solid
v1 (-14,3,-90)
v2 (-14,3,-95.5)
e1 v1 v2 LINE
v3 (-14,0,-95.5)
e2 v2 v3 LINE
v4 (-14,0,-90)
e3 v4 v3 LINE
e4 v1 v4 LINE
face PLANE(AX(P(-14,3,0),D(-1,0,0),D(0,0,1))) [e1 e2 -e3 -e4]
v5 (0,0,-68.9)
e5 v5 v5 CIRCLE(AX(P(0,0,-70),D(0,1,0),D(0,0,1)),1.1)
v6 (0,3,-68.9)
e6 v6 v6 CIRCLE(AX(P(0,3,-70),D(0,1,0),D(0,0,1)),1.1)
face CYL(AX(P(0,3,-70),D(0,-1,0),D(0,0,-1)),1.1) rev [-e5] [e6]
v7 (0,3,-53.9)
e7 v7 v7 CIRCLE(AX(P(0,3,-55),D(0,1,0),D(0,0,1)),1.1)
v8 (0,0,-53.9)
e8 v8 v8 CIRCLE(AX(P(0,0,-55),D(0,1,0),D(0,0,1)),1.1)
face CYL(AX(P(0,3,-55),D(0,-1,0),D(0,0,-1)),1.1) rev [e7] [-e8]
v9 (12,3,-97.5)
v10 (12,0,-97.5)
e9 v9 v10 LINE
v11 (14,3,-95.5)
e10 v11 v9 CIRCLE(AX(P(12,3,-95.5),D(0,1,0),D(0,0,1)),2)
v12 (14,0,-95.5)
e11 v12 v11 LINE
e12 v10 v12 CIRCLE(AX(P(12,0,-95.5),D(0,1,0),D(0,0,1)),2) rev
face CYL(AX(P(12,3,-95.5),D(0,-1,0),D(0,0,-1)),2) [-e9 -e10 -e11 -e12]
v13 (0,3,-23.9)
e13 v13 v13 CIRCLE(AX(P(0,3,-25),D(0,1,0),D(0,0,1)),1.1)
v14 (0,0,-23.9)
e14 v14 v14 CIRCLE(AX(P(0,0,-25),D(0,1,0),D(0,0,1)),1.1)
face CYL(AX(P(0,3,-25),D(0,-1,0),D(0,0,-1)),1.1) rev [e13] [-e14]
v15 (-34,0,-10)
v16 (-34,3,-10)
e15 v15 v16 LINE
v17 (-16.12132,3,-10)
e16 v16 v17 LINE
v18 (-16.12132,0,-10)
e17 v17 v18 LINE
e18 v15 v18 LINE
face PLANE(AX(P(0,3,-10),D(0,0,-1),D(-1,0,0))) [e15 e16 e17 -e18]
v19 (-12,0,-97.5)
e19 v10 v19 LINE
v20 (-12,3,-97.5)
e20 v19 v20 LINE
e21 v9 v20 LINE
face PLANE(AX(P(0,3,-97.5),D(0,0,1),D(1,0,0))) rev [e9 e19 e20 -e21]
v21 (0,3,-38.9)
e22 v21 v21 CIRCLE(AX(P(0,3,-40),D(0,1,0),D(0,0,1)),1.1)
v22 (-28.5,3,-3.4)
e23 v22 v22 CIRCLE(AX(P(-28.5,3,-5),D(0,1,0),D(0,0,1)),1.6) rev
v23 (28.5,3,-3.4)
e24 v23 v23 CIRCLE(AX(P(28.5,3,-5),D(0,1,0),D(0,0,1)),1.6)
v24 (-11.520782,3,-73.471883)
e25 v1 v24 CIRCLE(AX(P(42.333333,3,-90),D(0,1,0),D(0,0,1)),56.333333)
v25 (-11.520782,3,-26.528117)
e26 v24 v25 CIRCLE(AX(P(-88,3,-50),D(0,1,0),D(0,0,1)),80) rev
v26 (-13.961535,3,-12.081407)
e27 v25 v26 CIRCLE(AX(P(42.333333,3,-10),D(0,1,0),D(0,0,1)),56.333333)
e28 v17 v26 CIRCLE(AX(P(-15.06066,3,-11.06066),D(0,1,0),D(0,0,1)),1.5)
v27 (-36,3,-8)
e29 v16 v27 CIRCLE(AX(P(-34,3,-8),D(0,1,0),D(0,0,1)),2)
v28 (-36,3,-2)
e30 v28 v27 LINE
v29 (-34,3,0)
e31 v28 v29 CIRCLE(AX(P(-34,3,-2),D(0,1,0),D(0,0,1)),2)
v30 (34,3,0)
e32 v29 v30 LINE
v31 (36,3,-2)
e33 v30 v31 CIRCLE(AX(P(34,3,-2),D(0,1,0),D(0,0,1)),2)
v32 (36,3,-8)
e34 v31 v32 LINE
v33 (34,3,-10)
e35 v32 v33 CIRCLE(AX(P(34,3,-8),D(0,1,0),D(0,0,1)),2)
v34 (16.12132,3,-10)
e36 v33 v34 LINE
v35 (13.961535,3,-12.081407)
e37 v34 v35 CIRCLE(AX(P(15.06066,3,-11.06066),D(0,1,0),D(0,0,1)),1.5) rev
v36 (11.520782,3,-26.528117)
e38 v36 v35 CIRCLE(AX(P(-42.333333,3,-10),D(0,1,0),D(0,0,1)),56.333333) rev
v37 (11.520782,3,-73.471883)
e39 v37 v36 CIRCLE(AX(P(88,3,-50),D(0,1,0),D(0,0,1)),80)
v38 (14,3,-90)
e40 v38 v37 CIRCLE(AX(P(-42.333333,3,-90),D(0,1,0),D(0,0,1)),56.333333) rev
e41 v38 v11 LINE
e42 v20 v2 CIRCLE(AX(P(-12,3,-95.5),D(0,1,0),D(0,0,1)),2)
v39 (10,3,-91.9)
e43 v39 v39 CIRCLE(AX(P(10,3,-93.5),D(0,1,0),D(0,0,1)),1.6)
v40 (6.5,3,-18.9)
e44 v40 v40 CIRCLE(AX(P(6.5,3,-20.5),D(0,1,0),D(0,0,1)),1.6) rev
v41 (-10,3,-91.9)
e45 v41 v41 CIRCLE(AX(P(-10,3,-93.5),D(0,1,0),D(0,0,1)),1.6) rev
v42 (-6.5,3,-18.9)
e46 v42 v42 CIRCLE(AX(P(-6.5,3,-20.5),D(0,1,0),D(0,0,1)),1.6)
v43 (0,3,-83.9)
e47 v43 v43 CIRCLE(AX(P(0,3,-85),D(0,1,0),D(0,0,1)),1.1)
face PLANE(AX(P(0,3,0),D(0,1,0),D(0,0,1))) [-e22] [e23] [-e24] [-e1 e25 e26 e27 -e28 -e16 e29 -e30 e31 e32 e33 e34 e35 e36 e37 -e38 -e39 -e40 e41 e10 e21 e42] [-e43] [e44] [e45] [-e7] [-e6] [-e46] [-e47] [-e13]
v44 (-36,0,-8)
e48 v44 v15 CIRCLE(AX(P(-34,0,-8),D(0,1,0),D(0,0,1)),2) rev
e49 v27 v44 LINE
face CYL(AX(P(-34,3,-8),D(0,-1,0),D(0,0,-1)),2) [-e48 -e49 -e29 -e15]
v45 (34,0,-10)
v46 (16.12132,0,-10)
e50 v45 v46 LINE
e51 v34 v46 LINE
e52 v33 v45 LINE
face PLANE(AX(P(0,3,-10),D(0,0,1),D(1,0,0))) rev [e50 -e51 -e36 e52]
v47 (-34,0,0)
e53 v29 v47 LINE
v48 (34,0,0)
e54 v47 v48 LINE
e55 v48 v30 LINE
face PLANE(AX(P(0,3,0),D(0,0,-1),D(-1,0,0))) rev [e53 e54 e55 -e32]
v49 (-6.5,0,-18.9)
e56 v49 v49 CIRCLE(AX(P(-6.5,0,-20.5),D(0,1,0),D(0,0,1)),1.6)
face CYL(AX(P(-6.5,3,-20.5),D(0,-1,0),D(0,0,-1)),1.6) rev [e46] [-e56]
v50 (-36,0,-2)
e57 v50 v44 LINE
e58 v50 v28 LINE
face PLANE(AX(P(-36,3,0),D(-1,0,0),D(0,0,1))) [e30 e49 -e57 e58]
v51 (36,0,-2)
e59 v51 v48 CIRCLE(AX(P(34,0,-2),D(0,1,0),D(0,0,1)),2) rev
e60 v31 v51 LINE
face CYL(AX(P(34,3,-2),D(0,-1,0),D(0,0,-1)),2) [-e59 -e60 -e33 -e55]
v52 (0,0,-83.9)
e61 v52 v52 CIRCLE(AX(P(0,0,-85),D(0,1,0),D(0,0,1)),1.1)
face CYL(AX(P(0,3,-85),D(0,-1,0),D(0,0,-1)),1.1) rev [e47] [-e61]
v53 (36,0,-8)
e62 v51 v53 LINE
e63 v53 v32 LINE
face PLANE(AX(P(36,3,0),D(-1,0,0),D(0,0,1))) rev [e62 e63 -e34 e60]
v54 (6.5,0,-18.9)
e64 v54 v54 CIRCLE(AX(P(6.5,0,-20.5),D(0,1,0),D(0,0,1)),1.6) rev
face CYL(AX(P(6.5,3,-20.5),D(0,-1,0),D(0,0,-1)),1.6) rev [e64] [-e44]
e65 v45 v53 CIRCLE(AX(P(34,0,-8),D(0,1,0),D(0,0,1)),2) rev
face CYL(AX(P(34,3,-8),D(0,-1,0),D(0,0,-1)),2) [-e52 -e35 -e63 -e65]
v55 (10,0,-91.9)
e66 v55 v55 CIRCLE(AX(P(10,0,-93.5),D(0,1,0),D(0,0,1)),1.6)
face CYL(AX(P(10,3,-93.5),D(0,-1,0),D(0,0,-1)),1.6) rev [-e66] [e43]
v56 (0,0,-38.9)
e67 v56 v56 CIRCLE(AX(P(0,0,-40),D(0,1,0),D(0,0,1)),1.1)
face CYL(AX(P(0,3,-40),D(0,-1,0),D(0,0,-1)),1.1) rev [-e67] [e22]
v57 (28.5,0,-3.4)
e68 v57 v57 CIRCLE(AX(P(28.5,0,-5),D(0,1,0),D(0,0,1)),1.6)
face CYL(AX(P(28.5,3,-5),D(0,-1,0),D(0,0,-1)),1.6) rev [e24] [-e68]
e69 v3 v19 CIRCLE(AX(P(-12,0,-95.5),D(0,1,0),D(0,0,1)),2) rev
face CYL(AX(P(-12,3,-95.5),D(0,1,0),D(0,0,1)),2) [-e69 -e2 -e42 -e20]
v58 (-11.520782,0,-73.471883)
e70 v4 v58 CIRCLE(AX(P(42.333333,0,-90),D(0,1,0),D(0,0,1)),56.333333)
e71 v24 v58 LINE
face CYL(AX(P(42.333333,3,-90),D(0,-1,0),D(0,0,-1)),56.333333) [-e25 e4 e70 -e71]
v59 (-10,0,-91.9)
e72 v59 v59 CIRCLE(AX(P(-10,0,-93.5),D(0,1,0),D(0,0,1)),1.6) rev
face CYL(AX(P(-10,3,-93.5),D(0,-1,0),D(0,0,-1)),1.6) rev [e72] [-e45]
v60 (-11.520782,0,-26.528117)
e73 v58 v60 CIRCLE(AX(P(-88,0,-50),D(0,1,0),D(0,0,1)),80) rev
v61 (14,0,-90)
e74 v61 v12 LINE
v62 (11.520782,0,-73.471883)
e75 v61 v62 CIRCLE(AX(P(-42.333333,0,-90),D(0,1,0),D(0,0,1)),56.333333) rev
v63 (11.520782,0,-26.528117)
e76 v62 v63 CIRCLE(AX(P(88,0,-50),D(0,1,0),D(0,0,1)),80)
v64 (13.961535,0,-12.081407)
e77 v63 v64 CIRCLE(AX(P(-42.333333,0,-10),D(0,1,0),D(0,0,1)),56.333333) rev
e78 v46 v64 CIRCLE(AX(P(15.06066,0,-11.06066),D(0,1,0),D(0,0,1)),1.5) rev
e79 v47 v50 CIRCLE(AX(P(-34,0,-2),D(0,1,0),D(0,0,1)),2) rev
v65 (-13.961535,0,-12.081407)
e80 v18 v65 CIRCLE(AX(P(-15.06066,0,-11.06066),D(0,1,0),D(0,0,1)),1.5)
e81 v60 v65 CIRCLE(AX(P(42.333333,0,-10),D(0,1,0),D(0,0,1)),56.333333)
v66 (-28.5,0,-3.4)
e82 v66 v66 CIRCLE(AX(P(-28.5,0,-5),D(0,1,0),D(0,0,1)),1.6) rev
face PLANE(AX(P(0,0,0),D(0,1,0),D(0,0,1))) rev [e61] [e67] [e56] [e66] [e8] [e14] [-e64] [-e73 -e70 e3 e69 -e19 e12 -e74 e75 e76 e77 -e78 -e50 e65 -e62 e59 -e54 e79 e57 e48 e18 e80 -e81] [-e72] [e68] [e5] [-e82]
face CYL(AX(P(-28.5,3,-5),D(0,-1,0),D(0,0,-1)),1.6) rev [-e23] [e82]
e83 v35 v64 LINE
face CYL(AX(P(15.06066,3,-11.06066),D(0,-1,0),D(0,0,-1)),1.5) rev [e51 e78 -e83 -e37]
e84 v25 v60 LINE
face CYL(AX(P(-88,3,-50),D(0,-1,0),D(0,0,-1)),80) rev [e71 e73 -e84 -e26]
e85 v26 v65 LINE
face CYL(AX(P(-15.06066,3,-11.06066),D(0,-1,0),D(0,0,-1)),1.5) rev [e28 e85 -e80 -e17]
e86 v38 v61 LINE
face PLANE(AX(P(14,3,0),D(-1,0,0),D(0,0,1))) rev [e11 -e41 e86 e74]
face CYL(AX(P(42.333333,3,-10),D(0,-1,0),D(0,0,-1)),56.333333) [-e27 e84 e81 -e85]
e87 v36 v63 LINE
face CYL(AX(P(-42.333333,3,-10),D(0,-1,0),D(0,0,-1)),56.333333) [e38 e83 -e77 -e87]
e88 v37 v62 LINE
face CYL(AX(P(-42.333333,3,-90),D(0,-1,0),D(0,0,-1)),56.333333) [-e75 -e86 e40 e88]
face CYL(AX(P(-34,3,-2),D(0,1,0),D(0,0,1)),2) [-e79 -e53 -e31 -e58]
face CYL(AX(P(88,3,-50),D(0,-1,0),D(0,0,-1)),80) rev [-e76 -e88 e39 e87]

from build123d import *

# Parameters (mm, degrees)
SKETCH_1_R      = 1.6
SKETCH_1_R_2    = 1.1
EXTRUDE_1_DEPTH = 3
FILLET_1_R      = 2


with BuildPart() as part:
    # 草图1 → 凸台-拉伸1 (new body)
    with BuildSketch(Plane(origin=(0, 0, 0), x_dir=(1, 0, 0), z_dir=(0, 1, 0))):
        with BuildLine():
            Line((-36, 10), (-36, 0))
            Line((-36, 0), (36, 0))
            Line((36, 0), (36, 10))
            Line((36, 10), (16.121320344, 10))
            ThreePointArc((16.121320344, 10), (15.060660172, 9.560660172), (14, 10))
            ThreePointArc((14, 10), (13.560916248, 11.032944403), (13.961534907, 12.081406787))
            ThreePointArc((13.961534907, 12.081406787), (13.212832412, 19.384450727), (11.520782396, 26.528117359))
            ThreePointArc((11.520782396, 26.528117359), (8, 50), (11.520782396, 73.471882641))
            ThreePointArc((11.520782396, 73.471882641), (13.376747878, 81.643487818), (14, 90))
            Line((14, 90), (14, 97.5))
            Line((14, 97.5), (-14, 97.5))
            Line((-14, 97.5), (-14, 90))
            ThreePointArc((-14, 90), (-13.376747878, 81.643487818), (-11.520782396, 73.471882641))
            ThreePointArc((-11.520782396, 73.471882641), (-8, 50), (-11.520782396, 26.528117359))
            ThreePointArc((-11.520782396, 26.528117359), (-13.212832412, 19.384450727), (-13.961534907, 12.081406787))
            ThreePointArc((-13.961534907, 12.081406787), (-13.664471091, 11.608981293), (-13.560660172, 11.060660172))
            ThreePointArc((-13.560660172, 11.060660172), (-13.674840873, 10.486635023), (-14, 10))
            ThreePointArc((-14, 10), (-15.060660172, 9.560660172), (-16.121320344, 10))
            Line((-16.121320344, 10), (-36, 10))
        make_face()
        with Locations(Location((-28.5, 5, 0), (0, 0, 270))):
            Circle(SKETCH_1_R, mode=Mode.SUBTRACT)
        with Locations(Location((-6.5, 20.5, 0), (0, 0, 270))):
            Circle(SKETCH_1_R, mode=Mode.SUBTRACT)
        with Locations(Location((6.5, 20.5, 0), (0, 0, 270))):
            Circle(SKETCH_1_R, mode=Mode.SUBTRACT)
        with Locations(Location((28.5, 5, 0), (0, 0, 270))):
            Circle(SKETCH_1_R, mode=Mode.SUBTRACT)
        with Locations(Location((0, 25, 0), (0, 0, 270))):
            Circle(SKETCH_1_R_2, mode=Mode.SUBTRACT)
        with Locations(Location((0, 40, 0), (0, 0, 270))):
            Circle(SKETCH_1_R_2, mode=Mode.SUBTRACT)
        with Locations(Location((-10, 93.5, 0), (0, 0, 270))):
            Circle(SKETCH_1_R, mode=Mode.SUBTRACT)
        with Locations(Location((0, 55, 0), (0, 0, 270))):
            Circle(SKETCH_1_R_2, mode=Mode.SUBTRACT)
        with Locations(Location((0, 70, 0), (0, 0, 270))):
            Circle(SKETCH_1_R_2, mode=Mode.SUBTRACT)
        with Locations(Location((0, 85, 0), (0, 0, 270))):
            Circle(SKETCH_1_R_2, mode=Mode.SUBTRACT)
        with Locations(Location((10, 93.5, 0), (0, 0, 270))):
            Circle(SKETCH_1_R, mode=Mode.SUBTRACT)
    extrude(amount=EXTRUDE_1_DEPTH)

    # 圆角1
    fillet_1_edges = [part.edges().sort_by_distance(p)[0] for p in [
        (36, 1.5, -10),
        (36, 1.5, 0),
        (-36, 1.5, 0),
        (-36, 1.5, -10),
        (-14, 1.5, -97.5),
        (14, 1.5, -97.5),
    ]]
    fillet(fillet_1_edges, radius=FILLET_1_R)


solid = part.part
